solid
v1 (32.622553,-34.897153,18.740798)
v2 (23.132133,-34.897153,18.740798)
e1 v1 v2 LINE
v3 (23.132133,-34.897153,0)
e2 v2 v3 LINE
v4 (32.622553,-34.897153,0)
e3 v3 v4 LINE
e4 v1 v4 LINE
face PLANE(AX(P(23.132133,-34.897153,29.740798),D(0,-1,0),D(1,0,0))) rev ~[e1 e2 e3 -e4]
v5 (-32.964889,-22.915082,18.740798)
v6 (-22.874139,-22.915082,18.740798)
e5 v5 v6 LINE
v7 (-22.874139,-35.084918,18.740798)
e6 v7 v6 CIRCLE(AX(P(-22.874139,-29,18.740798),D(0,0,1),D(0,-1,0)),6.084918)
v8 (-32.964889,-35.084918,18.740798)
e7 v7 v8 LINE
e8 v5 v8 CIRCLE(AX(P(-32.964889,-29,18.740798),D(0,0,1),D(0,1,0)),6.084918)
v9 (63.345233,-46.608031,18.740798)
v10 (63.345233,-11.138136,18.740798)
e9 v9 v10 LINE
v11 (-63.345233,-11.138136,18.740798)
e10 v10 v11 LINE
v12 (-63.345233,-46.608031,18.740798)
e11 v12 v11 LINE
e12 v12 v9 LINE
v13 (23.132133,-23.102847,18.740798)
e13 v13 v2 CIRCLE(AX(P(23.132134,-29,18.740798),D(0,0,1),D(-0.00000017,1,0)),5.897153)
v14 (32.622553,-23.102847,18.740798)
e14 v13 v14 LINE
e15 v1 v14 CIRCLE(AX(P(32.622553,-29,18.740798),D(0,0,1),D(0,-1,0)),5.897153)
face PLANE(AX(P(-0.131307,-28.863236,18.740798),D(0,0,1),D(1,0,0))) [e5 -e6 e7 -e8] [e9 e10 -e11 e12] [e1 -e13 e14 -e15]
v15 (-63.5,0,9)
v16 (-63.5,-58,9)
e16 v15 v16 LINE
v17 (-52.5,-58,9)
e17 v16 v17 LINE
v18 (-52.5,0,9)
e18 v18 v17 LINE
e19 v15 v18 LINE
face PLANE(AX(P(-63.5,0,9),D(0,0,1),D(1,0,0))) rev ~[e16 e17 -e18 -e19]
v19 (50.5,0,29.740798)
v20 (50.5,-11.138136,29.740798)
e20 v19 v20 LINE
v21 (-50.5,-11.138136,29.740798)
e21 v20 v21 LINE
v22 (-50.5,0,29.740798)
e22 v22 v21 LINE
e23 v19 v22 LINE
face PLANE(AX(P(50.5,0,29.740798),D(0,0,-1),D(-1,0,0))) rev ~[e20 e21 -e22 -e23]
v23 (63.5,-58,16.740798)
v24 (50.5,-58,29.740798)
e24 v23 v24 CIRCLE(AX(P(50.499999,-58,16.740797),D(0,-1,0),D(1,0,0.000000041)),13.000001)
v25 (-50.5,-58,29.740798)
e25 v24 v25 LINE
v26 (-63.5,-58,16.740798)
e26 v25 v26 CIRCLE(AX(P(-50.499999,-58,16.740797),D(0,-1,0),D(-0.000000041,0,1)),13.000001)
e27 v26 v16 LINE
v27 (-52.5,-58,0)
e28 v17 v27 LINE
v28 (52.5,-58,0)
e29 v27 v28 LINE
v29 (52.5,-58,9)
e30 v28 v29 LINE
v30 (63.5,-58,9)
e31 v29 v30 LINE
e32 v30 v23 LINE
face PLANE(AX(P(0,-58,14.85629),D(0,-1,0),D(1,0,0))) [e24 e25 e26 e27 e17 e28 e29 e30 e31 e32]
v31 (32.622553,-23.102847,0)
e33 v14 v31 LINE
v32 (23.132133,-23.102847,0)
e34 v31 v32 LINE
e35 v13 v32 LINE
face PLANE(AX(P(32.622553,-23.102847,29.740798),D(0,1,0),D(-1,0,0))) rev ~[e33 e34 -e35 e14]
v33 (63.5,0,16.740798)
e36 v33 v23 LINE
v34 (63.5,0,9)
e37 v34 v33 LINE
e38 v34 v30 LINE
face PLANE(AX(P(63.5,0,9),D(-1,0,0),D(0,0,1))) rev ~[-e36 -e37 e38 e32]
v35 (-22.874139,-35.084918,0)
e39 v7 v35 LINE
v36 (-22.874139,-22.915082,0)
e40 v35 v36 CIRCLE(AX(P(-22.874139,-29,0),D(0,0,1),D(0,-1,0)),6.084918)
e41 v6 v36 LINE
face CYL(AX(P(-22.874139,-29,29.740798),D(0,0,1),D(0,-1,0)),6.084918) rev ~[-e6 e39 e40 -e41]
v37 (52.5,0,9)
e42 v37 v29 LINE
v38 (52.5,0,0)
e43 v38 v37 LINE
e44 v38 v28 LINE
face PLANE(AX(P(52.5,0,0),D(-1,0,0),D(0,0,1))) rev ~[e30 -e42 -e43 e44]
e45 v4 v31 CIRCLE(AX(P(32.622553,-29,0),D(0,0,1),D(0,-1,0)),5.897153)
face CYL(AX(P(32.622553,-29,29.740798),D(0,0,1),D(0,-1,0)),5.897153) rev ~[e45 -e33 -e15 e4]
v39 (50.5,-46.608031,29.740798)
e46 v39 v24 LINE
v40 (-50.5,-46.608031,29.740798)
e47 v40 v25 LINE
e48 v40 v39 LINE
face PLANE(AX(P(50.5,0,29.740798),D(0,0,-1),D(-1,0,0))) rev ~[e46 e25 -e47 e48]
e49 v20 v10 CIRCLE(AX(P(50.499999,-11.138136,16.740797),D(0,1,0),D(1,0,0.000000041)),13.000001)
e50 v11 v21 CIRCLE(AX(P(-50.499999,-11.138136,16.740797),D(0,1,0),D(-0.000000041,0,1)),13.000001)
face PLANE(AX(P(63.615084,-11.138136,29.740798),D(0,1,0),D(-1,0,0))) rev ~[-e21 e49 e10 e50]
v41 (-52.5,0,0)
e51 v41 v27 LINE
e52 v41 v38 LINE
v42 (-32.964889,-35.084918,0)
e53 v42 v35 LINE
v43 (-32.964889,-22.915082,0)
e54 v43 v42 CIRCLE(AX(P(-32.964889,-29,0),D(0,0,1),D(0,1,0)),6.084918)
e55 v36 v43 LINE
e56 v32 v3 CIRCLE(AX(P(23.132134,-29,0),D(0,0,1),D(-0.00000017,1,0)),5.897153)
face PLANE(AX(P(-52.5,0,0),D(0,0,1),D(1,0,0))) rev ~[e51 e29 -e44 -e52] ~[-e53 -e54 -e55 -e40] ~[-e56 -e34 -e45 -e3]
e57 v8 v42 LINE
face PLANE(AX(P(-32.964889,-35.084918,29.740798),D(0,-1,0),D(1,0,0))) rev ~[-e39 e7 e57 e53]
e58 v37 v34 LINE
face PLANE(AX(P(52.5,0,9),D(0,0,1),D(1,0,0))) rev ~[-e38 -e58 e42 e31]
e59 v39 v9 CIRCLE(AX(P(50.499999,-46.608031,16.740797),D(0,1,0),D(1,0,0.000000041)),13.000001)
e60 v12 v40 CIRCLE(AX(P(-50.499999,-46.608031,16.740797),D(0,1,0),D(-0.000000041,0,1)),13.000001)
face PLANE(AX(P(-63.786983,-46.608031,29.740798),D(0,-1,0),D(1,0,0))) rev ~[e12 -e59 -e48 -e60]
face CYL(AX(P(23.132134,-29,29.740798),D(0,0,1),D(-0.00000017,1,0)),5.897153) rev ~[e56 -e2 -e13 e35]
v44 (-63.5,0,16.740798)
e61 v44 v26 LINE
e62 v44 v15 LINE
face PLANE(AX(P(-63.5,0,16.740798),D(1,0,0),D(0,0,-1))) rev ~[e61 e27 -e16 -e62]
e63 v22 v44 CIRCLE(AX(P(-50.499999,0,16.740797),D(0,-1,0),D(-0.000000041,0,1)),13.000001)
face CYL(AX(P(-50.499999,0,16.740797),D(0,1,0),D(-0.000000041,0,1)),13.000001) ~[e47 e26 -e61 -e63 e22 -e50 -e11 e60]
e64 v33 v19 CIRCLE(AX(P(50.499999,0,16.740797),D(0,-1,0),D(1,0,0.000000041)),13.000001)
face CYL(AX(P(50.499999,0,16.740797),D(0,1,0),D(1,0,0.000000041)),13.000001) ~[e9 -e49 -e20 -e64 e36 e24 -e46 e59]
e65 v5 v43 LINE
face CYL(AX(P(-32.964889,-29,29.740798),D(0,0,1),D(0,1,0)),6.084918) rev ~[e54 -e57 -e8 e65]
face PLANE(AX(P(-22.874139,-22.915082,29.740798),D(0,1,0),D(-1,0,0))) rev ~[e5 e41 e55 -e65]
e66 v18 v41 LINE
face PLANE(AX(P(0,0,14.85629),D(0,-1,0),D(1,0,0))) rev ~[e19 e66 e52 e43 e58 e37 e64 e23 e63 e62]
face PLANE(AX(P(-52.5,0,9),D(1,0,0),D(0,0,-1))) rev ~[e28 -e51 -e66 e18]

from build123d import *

# Parameters (mm, degrees)
F1_DEPTH = 58
F4_DEPTH = 29.741798
F6_DEPTH = 11


with BuildPart() as f1:
    # F0 (on Front) → F1 (new body)
    with BuildSketch(Plane.XZ):
        with BuildLine():
            Line((-52.5, 9), (-52.5, 0))
            Line((-52.5, 0), (52.5, 0))
            Line((52.5, 0), (52.5, 9))
            Line((52.5, 9), (63.5, 9))
            Line((63.5, 9), (63.5, 16.740798))
            ThreePointArc((63.5, 16.740798), (59.692388, 25.933186), (50.5, 29.740798))
            Line((50.5, 29.740798), (-50.5, 29.740798))
            ThreePointArc((-50.5, 29.740798), (-59.692388, 25.933186), (-63.5, 16.740798))
            Line((-63.5, 16.740798), (-63.5, 9))
            Line((-63.5, 9), (-52.5, 9))
        make_face()
    extrude(amount=F1_DEPTH)

    # F3 (on face) → F4 (cut, through all)
    with BuildSketch(Plane.XY.offset(29.740798)):
        with BuildLine():
            Line((-22.874139, -22.915082), (-32.964889, -22.915082))
            ThreePointArc((-32.964889, -22.915082), (-39.049807, -29), (-32.964889, -35.084918))
            Line((-32.964889, -35.084918), (-22.874139, -35.084918))
            ThreePointArc((-22.874139, -35.084918), (-16.789221, -29), (-22.874139, -22.915082))
        make_face()
        with BuildLine():
            Line((32.622553, -23.102847), (23.132133, -23.102847))
            ThreePointArc((23.132133, -23.102847), (17.234981, -29), (23.132133, -34.897153))
            Line((23.132133, -34.897153), (32.622553, -34.897153))
            ThreePointArc((32.622553, -34.897153), (38.519706, -29), (32.622553, -23.102847))
        make_face()
    extrude(amount=-F4_DEPTH, mode=Mode.SUBTRACT)

    # F5 (on face) → F6 (cut)
    with BuildSketch(Plane.XY.offset(29.740798)):
        Polygon((63.615084, -11.138136), (-63.967951, -11.138136), (-63.786983, -46.608031), (63.615084, -46.608031), align=None)
    extrude(amount=-F6_DEPTH, mode=Mode.SUBTRACT)


solid = f1.part
